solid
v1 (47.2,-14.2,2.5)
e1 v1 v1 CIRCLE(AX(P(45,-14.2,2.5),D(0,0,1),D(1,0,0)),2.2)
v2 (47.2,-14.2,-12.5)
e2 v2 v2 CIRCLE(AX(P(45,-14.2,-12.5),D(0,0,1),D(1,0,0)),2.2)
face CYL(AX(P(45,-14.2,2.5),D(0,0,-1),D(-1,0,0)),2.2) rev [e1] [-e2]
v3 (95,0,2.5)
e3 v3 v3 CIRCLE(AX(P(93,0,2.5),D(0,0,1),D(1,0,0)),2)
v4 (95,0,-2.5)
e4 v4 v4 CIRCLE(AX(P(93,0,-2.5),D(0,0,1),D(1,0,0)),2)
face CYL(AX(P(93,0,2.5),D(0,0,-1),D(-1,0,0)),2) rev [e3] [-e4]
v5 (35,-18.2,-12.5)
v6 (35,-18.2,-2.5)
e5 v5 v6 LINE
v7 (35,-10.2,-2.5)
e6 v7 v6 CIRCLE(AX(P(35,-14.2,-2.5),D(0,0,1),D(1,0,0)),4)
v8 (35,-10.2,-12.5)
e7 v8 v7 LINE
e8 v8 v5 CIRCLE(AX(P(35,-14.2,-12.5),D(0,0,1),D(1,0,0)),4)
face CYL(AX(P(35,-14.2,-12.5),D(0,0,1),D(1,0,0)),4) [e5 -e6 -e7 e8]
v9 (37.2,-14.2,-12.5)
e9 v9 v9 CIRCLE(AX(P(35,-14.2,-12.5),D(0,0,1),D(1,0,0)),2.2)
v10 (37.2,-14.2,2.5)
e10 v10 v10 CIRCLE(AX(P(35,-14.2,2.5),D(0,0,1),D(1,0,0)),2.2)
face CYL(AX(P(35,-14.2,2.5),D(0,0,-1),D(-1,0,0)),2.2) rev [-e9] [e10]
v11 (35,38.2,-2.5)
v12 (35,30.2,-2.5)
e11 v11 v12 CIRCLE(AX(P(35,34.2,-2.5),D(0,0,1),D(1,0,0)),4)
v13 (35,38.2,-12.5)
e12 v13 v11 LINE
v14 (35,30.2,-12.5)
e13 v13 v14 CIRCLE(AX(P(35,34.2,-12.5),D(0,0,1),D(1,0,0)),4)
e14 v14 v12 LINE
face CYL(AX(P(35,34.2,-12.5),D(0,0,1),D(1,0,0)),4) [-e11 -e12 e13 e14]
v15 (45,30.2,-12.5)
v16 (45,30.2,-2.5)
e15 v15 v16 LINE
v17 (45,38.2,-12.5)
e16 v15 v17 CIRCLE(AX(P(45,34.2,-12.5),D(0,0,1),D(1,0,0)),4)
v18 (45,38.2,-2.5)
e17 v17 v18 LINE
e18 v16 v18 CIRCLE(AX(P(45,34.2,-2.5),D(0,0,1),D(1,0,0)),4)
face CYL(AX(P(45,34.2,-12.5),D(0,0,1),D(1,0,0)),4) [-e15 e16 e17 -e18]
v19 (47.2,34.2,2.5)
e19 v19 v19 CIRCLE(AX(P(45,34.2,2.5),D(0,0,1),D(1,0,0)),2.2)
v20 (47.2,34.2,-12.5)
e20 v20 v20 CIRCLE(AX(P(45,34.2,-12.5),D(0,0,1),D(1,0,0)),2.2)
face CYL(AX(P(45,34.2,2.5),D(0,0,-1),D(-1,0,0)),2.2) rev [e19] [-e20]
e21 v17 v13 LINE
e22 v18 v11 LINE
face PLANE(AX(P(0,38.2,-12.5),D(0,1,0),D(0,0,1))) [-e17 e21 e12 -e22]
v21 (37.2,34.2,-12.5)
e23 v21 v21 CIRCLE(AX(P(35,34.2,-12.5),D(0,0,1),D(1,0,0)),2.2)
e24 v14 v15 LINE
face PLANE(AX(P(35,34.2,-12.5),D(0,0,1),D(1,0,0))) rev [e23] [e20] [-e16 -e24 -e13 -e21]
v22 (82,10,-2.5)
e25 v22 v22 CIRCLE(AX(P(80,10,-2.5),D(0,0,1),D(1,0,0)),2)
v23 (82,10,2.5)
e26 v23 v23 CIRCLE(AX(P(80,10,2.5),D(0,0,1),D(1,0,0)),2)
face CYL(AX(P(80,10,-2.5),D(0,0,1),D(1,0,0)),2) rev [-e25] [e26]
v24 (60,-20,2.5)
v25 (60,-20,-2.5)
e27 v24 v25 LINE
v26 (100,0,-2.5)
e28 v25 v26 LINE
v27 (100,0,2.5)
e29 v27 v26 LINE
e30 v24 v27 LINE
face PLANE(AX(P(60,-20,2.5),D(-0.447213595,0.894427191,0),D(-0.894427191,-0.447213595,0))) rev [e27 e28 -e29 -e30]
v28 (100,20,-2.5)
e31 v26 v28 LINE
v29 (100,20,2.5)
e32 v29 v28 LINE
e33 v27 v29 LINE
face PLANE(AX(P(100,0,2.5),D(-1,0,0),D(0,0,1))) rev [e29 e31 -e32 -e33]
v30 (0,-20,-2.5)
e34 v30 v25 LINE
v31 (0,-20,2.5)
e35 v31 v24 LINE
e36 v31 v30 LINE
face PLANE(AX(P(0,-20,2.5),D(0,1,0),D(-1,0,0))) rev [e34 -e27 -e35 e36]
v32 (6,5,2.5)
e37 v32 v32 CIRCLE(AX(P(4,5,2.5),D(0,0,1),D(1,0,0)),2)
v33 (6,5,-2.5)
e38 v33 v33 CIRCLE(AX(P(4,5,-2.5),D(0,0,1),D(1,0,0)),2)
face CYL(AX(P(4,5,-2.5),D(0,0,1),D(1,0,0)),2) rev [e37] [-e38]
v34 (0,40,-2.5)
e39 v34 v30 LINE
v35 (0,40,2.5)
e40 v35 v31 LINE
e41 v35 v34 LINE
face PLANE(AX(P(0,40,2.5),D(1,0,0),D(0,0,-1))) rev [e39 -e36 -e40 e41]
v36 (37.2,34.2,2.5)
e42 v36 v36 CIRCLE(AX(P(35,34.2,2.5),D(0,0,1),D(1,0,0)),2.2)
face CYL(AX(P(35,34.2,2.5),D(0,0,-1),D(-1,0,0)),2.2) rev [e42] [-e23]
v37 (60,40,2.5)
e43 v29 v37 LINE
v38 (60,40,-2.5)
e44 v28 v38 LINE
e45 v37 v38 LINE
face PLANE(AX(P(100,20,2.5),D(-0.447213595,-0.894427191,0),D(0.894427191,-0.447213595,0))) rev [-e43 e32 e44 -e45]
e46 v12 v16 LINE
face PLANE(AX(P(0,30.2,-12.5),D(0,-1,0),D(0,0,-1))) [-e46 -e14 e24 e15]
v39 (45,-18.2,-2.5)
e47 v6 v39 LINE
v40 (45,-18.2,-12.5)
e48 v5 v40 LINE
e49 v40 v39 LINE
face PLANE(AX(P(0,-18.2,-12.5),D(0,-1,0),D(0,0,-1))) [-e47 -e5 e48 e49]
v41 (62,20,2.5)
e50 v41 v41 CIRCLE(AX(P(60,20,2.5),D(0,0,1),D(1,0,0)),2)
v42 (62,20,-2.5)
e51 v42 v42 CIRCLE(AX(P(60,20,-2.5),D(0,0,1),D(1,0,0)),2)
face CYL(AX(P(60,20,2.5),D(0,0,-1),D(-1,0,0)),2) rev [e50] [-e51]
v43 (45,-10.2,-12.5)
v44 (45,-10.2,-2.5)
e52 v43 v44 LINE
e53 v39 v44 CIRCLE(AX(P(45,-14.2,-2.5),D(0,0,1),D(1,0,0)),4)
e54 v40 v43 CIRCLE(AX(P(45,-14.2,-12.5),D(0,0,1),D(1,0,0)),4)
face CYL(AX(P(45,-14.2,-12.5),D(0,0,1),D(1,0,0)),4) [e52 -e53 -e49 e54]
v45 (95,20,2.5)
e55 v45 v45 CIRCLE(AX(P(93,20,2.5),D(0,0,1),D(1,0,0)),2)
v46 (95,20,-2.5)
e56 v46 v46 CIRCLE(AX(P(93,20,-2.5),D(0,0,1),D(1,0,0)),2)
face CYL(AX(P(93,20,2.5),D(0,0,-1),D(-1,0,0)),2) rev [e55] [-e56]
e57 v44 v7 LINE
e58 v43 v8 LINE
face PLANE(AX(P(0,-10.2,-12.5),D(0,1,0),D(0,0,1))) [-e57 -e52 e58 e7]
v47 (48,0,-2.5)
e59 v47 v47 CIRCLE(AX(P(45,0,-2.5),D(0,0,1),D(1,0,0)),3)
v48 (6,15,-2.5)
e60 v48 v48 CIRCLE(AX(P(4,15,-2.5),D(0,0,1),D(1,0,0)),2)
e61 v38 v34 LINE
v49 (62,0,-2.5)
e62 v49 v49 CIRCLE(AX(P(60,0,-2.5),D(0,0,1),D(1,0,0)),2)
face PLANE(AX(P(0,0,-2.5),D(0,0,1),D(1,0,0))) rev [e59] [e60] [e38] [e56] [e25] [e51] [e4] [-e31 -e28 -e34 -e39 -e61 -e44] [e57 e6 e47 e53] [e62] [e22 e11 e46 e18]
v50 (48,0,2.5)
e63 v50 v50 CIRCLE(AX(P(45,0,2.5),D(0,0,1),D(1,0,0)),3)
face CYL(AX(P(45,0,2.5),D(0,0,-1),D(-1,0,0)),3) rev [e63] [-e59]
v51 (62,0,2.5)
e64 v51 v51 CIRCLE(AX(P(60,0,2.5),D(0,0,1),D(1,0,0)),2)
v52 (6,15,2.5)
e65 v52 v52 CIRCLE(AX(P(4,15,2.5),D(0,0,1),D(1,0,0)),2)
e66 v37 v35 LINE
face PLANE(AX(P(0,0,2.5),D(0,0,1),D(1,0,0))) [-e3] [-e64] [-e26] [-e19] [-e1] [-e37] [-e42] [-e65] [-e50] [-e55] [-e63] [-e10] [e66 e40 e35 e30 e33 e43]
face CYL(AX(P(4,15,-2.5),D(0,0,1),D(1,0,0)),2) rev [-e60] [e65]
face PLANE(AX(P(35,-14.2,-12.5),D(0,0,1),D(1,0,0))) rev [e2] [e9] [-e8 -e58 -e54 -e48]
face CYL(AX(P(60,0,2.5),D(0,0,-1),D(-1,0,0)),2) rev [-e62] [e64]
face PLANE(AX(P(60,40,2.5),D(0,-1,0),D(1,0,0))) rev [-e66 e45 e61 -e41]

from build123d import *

# Parameters (mm, degrees)
SKETCH_1_R          = 2
SKETCH_1_R_2        = 3
SKETCH_1_R_3        = 2.2
EXTRUDE_1_DEPTH     = 2.5
SKETCH_2_R          = 2
CUT_EXTRUDE_1_DEPTH = 2.5
EXTRUDE_START       = -15
SKETCH_3_R          = 2.2
EXTRUDE_2_DEPTH     = 10


with BuildPart() as part:
    # 草图1 → 凸台-拉伸1 (new, symmetric)
    with BuildSketch(Plane.XY):
        Polygon((0, -20), (60, -20), (100, 0), (100, 20), (60, 40), (0, 40), align=None)
        with Locations((60, 20)):
            Circle(SKETCH_1_R, mode=Mode.SUBTRACT)
        with Locations((60, 0)):
            Circle(SKETCH_1_R, mode=Mode.SUBTRACT)
        with Locations((93, 20)):
            Circle(SKETCH_1_R, mode=Mode.SUBTRACT)
        with Locations((93, 0)):
            Circle(SKETCH_1_R, mode=Mode.SUBTRACT)
        with Locations((45, 0)):
            Circle(SKETCH_1_R_2, mode=Mode.SUBTRACT)
        with Locations((45, 34.2)):
            Circle(SKETCH_1_R_3, mode=Mode.SUBTRACT)
        with Locations((45, -14.2)):
            Circle(SKETCH_1_R_3, mode=Mode.SUBTRACT)
        with Locations((35, 34.2)):
            Circle(SKETCH_1_R_3, mode=Mode.SUBTRACT)
        with Locations((35, -14.2)):
            Circle(SKETCH_1_R_3, mode=Mode.SUBTRACT)
    extrude(amount=EXTRUDE_1_DEPTH, both=True)

    # 草图2 → 切除-拉伸1 (cut, symmetric)
    with BuildSketch(Plane.XY):
        with Locations((80, 10)):
            Circle(SKETCH_2_R)
        with Locations((4, 5)):
            Circle(SKETCH_2_R)
        with Locations((4, 15)):
            Circle(SKETCH_2_R)
    extrude(amount=CUT_EXTRUDE_1_DEPTH, both=True, mode=Mode.SUBTRACT)

    # 草图3 → 凸台-拉伸2 (add)
    # profile 1 of 2: a face of its own
    with BuildSketch(Plane.XY.offset(2.5).offset(EXTRUDE_START)):
        with BuildLine():
            Line((35, 38.2), (45, 38.2))
            ThreePointArc((45, 38.2), (49, 34.2), (45, 30.2))
            Line((45, 30.2), (35, 30.2))
            ThreePointArc((35, 30.2), (31, 34.2), (35, 38.2))
        make_face()
        with Locations((35, 34.2)):
            Circle(SKETCH_3_R, mode=Mode.SUBTRACT)
        with Locations((45, 34.2)):
            Circle(SKETCH_3_R, mode=Mode.SUBTRACT)
    # profile 2 of 2: a face of its own
    with BuildSketch(Plane.XY.offset(2.5).offset(EXTRUDE_START)):
        with BuildLine():
            Line((35, -10.2), (45, -10.2))
            ThreePointArc((45, -10.2), (49, -14.2), (45, -18.2))
            Line((45, -18.2), (35, -18.2))
            ThreePointArc((35, -18.2), (31, -14.2), (35, -10.2))
        make_face()
        with Locations((35, -14.2)):
            Circle(SKETCH_3_R, mode=Mode.SUBTRACT)
        with Locations((45, -14.2)):
            Circle(SKETCH_3_R, mode=Mode.SUBTRACT)
    extrude(amount=EXTRUDE_2_DEPTH)


solid = part.part
